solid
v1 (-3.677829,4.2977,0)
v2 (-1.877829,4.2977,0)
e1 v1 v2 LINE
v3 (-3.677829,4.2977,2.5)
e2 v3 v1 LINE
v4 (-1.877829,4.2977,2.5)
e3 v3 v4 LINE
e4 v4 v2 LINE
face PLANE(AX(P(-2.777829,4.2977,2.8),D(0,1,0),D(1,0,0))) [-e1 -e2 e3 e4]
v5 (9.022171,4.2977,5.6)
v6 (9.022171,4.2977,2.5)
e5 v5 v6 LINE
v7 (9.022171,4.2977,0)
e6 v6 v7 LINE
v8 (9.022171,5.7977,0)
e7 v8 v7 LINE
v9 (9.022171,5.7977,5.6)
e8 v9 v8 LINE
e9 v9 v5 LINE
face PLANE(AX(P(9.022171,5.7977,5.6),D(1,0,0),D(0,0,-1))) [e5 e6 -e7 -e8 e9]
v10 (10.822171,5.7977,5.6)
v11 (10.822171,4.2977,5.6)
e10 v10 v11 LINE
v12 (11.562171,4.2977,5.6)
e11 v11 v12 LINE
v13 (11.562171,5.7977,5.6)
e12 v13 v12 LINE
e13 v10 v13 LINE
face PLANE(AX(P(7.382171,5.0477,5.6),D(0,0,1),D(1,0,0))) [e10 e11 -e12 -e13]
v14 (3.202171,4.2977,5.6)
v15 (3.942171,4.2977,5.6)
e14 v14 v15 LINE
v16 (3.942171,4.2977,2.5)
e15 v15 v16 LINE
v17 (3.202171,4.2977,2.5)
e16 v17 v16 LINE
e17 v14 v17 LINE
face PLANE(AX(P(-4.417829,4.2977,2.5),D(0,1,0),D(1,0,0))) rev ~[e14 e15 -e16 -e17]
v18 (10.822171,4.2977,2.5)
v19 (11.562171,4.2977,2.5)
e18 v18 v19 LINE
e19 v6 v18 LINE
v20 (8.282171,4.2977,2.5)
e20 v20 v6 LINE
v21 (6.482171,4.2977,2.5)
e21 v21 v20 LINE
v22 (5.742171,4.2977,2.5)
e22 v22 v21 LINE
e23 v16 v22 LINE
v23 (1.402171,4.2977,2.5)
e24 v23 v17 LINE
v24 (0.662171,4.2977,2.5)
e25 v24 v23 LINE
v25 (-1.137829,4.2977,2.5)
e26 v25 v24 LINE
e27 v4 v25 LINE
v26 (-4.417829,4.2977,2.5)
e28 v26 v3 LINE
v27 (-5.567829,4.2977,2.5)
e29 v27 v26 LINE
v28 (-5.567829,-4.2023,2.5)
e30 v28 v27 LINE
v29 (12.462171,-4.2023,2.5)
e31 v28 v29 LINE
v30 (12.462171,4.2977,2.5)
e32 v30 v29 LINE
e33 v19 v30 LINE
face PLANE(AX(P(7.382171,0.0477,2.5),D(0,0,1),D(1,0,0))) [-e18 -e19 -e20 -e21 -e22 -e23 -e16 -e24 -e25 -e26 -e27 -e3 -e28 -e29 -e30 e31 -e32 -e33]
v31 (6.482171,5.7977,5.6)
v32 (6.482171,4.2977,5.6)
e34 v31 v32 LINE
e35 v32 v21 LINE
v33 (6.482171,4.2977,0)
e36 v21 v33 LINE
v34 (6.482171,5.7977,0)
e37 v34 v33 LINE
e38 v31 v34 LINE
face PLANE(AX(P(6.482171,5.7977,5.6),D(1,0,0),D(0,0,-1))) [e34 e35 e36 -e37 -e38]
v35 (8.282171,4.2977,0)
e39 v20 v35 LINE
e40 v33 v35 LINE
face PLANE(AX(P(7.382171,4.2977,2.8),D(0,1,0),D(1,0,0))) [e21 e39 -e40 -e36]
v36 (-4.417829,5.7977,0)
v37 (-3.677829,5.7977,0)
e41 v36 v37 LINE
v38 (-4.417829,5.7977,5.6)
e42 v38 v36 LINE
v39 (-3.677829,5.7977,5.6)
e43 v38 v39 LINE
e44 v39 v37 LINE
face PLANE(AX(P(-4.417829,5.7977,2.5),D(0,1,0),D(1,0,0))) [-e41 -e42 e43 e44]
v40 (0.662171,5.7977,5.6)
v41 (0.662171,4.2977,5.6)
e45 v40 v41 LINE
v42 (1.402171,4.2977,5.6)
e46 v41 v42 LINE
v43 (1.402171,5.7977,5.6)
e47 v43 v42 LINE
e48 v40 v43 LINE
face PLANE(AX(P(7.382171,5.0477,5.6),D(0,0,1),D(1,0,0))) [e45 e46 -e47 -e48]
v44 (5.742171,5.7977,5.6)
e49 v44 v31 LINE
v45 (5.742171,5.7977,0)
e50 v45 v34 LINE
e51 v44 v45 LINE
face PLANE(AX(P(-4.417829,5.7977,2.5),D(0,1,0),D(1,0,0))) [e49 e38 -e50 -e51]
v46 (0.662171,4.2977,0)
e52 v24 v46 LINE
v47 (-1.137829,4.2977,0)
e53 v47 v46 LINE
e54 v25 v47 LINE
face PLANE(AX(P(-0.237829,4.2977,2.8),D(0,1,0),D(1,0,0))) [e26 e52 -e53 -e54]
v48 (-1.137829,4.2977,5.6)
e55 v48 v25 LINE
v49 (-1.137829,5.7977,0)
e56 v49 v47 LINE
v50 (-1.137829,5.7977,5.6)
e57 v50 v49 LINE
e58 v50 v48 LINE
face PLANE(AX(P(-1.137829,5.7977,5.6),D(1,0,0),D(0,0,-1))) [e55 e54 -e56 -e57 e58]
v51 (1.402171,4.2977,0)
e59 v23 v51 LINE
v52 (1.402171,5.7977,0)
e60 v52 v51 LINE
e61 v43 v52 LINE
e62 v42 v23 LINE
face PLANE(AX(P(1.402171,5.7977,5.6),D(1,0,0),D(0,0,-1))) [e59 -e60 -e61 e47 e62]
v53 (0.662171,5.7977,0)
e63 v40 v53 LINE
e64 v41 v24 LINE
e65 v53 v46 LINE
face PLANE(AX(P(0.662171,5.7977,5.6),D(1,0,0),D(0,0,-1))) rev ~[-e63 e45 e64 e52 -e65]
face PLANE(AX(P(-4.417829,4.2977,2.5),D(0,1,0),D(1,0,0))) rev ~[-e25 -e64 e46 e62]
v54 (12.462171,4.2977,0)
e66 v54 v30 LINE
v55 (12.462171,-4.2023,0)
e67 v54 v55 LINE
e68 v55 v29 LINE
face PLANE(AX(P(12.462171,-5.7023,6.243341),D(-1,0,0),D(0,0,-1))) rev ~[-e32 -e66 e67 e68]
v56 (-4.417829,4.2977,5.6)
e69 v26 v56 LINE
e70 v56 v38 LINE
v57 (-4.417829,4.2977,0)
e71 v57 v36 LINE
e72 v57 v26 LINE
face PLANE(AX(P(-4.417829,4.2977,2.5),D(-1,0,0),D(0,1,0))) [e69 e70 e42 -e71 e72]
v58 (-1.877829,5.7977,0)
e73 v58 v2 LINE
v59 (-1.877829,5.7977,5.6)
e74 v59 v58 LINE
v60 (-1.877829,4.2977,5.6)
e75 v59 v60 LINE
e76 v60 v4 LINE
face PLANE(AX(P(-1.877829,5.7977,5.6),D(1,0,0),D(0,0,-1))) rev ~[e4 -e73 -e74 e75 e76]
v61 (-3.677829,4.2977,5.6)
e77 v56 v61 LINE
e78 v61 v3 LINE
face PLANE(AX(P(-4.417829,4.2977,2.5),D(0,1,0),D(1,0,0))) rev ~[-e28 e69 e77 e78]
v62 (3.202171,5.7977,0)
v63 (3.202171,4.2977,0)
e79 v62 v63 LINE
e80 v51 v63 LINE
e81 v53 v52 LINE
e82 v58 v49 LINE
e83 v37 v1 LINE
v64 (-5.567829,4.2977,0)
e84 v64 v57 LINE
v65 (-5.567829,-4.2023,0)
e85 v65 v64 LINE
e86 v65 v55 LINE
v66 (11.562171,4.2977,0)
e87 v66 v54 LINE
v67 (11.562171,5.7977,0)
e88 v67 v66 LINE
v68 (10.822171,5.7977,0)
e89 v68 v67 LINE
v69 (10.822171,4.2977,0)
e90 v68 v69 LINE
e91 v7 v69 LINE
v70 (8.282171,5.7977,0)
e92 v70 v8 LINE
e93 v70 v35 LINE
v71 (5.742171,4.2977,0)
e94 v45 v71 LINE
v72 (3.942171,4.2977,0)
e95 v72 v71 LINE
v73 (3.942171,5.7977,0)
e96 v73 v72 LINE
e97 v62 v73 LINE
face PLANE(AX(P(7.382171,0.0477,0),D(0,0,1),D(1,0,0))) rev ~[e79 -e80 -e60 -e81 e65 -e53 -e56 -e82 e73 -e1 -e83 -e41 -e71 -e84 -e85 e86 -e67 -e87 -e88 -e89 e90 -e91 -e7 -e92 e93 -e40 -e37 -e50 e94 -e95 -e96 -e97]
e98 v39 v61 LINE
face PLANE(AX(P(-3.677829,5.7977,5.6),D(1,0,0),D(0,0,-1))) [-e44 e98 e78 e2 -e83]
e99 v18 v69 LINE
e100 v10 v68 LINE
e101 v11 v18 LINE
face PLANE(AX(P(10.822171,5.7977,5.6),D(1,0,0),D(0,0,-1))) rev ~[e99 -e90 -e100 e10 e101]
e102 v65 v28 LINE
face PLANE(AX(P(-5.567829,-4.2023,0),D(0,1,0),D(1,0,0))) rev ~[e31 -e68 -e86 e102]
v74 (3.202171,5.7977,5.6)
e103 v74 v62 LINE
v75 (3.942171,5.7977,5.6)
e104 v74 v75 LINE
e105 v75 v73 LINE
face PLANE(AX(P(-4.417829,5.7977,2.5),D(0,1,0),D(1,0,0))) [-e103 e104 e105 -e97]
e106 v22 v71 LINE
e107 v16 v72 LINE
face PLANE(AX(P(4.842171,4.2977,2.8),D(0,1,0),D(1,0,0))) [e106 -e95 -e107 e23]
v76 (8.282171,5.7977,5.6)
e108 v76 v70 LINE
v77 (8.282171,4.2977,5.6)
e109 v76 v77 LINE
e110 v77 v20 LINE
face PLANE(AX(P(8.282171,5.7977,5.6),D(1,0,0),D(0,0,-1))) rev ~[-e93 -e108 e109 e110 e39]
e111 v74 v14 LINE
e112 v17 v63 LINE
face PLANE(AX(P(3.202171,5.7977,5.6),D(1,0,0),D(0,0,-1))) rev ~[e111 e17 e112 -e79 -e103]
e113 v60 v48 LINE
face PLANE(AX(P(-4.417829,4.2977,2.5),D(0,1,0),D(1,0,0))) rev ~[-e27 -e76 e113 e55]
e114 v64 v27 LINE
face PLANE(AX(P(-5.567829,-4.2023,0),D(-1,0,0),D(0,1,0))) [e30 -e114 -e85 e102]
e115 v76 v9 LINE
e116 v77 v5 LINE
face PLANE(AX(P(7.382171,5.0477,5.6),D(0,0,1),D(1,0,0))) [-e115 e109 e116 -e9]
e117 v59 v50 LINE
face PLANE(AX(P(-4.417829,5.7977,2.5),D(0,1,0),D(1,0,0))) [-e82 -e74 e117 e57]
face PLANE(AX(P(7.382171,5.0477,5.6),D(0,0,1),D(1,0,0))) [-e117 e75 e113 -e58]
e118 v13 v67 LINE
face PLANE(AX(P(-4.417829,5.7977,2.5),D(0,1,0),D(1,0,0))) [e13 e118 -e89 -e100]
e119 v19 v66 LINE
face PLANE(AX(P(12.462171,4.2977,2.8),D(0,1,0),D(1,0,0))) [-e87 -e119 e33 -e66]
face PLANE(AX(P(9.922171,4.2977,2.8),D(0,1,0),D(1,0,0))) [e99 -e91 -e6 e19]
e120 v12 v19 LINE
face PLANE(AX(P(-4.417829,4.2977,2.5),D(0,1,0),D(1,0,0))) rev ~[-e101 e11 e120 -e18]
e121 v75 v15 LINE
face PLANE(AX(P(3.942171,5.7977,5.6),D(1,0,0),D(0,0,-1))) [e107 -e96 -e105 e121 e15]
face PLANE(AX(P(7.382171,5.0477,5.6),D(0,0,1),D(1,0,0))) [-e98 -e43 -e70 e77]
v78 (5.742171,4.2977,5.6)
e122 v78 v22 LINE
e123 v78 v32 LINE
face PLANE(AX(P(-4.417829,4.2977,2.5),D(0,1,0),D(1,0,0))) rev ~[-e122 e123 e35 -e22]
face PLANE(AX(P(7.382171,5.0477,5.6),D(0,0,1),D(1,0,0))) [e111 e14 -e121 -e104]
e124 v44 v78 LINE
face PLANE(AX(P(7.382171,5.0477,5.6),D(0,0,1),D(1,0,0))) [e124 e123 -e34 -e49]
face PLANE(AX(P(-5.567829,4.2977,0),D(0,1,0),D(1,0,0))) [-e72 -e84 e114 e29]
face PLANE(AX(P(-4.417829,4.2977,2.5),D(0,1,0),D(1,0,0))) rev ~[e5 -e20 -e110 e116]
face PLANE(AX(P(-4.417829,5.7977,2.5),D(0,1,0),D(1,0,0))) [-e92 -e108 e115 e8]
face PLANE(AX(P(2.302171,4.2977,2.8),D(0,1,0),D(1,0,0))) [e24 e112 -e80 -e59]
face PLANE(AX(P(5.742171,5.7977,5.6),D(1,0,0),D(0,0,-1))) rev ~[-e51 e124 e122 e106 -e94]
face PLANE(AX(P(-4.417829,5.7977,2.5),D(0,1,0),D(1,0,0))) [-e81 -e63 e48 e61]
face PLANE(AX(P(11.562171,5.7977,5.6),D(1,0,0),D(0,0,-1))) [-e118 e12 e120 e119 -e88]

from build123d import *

# Parameters (mm, degrees)
SKETCH_1_W               = 25.9
SKETCH_1_H               = 8.5
EXTRUDE_1_DEPTH          = 2.5
SKETCH_1_5_W             = 23.6
SKETCH_1_5_H             = 1.5
EXTRUDE_2_DEPTH          = 2.5
SKETCH_2_W               = 23.6
SKETCH_2_H               = 1.5
EXTRUDE_3_DEPTH          = 3.1
SKETCH_3_W               = 1.8
SKETCH_3_H               = 5.6
CUT_EXTRUDE_1_DEPTH      = 1.5
CUT_EXTRUDE_2_DEPTH      = 2
CUT_EXTRUDE_2_DEPTH_BACK = 10
SKETCH_4_W               = 8.769979371
SKETCH_4_H               = 7.729949766


with BuildPart() as part:
    # 草图1 → 凸台-拉伸1 (new body)
    with BuildSketch(Plane.XY):
        with Locations((7.382170543, 0.04770021)):
            Rectangle(SKETCH_1_W, SKETCH_1_H)
    extrude(amount=EXTRUDE_1_DEPTH)

    # 草图1<5> → 凸台-拉伸2 (add)
    with BuildSketch(Plane.XY):
        with Locations((7.382170543, 5.04770021)):
            Rectangle(SKETCH_1_5_W, SKETCH_1_5_H)
    extrude(amount=EXTRUDE_2_DEPTH)

    # 草图2 → 凸台-拉伸3 (add)
    with BuildSketch(Plane.XY.offset(2.5)):
        with Locations((7.382170543, 5.04770021)):
            Rectangle(SKETCH_2_W, SKETCH_2_H)
    extrude(amount=EXTRUDE_3_DEPTH)

    # 草图3 → 切除-拉伸1 (cut)
    with BuildSketch(Plane(origin=(0, 5.79770021, 0), x_dir=(1, 0, 0), z_dir=(0, 1, 0))):
        with Locations((17.542170543, -2.8)):
            Rectangle(SKETCH_3_W, SKETCH_3_H)
        with Locations((15.002170543, -2.8)):
            Rectangle(SKETCH_3_W, SKETCH_3_H)
        with Locations((12.462170543, -2.8)):
            Rectangle(SKETCH_3_W, SKETCH_3_H)
        with Locations((9.922170543, -2.8)):
            Rectangle(SKETCH_3_W, SKETCH_3_H)
        with Locations((7.382170543, -2.8)):
            Rectangle(SKETCH_3_W, SKETCH_3_H)
        with Locations((4.842170543, -2.8)):
            Rectangle(SKETCH_3_W, SKETCH_3_H)
        with Locations((2.302170543, -2.8)):
            Rectangle(SKETCH_3_W, SKETCH_3_H)
        with Locations((-0.237829457, -2.8)):
            Rectangle(SKETCH_3_W, SKETCH_3_H)
        with Locations((-2.777829457, -2.8)):
            Rectangle(SKETCH_3_W, SKETCH_3_H)
    extrude(amount=-CUT_EXTRUDE_1_DEPTH, mode=Mode.SUBTRACT)

    # 草图4 → 切除-拉伸2 (cut, two sides: drawn at the far end of the back side and taken through both)
    with BuildSketch(Plane(origin=(0, 4.29770021, 0), x_dir=(1, 0, 0), z_dir=(0, 1, 0)).offset(-CUT_EXTRUDE_2_DEPTH_BACK)):
        with Locations((16.847160229, -2.378366376)):
            Rectangle(SKETCH_4_W, SKETCH_4_H)
    extrude(amount=CUT_EXTRUDE_2_DEPTH + CUT_EXTRUDE_2_DEPTH_BACK, mode=Mode.SUBTRACT)


solid = part.part
